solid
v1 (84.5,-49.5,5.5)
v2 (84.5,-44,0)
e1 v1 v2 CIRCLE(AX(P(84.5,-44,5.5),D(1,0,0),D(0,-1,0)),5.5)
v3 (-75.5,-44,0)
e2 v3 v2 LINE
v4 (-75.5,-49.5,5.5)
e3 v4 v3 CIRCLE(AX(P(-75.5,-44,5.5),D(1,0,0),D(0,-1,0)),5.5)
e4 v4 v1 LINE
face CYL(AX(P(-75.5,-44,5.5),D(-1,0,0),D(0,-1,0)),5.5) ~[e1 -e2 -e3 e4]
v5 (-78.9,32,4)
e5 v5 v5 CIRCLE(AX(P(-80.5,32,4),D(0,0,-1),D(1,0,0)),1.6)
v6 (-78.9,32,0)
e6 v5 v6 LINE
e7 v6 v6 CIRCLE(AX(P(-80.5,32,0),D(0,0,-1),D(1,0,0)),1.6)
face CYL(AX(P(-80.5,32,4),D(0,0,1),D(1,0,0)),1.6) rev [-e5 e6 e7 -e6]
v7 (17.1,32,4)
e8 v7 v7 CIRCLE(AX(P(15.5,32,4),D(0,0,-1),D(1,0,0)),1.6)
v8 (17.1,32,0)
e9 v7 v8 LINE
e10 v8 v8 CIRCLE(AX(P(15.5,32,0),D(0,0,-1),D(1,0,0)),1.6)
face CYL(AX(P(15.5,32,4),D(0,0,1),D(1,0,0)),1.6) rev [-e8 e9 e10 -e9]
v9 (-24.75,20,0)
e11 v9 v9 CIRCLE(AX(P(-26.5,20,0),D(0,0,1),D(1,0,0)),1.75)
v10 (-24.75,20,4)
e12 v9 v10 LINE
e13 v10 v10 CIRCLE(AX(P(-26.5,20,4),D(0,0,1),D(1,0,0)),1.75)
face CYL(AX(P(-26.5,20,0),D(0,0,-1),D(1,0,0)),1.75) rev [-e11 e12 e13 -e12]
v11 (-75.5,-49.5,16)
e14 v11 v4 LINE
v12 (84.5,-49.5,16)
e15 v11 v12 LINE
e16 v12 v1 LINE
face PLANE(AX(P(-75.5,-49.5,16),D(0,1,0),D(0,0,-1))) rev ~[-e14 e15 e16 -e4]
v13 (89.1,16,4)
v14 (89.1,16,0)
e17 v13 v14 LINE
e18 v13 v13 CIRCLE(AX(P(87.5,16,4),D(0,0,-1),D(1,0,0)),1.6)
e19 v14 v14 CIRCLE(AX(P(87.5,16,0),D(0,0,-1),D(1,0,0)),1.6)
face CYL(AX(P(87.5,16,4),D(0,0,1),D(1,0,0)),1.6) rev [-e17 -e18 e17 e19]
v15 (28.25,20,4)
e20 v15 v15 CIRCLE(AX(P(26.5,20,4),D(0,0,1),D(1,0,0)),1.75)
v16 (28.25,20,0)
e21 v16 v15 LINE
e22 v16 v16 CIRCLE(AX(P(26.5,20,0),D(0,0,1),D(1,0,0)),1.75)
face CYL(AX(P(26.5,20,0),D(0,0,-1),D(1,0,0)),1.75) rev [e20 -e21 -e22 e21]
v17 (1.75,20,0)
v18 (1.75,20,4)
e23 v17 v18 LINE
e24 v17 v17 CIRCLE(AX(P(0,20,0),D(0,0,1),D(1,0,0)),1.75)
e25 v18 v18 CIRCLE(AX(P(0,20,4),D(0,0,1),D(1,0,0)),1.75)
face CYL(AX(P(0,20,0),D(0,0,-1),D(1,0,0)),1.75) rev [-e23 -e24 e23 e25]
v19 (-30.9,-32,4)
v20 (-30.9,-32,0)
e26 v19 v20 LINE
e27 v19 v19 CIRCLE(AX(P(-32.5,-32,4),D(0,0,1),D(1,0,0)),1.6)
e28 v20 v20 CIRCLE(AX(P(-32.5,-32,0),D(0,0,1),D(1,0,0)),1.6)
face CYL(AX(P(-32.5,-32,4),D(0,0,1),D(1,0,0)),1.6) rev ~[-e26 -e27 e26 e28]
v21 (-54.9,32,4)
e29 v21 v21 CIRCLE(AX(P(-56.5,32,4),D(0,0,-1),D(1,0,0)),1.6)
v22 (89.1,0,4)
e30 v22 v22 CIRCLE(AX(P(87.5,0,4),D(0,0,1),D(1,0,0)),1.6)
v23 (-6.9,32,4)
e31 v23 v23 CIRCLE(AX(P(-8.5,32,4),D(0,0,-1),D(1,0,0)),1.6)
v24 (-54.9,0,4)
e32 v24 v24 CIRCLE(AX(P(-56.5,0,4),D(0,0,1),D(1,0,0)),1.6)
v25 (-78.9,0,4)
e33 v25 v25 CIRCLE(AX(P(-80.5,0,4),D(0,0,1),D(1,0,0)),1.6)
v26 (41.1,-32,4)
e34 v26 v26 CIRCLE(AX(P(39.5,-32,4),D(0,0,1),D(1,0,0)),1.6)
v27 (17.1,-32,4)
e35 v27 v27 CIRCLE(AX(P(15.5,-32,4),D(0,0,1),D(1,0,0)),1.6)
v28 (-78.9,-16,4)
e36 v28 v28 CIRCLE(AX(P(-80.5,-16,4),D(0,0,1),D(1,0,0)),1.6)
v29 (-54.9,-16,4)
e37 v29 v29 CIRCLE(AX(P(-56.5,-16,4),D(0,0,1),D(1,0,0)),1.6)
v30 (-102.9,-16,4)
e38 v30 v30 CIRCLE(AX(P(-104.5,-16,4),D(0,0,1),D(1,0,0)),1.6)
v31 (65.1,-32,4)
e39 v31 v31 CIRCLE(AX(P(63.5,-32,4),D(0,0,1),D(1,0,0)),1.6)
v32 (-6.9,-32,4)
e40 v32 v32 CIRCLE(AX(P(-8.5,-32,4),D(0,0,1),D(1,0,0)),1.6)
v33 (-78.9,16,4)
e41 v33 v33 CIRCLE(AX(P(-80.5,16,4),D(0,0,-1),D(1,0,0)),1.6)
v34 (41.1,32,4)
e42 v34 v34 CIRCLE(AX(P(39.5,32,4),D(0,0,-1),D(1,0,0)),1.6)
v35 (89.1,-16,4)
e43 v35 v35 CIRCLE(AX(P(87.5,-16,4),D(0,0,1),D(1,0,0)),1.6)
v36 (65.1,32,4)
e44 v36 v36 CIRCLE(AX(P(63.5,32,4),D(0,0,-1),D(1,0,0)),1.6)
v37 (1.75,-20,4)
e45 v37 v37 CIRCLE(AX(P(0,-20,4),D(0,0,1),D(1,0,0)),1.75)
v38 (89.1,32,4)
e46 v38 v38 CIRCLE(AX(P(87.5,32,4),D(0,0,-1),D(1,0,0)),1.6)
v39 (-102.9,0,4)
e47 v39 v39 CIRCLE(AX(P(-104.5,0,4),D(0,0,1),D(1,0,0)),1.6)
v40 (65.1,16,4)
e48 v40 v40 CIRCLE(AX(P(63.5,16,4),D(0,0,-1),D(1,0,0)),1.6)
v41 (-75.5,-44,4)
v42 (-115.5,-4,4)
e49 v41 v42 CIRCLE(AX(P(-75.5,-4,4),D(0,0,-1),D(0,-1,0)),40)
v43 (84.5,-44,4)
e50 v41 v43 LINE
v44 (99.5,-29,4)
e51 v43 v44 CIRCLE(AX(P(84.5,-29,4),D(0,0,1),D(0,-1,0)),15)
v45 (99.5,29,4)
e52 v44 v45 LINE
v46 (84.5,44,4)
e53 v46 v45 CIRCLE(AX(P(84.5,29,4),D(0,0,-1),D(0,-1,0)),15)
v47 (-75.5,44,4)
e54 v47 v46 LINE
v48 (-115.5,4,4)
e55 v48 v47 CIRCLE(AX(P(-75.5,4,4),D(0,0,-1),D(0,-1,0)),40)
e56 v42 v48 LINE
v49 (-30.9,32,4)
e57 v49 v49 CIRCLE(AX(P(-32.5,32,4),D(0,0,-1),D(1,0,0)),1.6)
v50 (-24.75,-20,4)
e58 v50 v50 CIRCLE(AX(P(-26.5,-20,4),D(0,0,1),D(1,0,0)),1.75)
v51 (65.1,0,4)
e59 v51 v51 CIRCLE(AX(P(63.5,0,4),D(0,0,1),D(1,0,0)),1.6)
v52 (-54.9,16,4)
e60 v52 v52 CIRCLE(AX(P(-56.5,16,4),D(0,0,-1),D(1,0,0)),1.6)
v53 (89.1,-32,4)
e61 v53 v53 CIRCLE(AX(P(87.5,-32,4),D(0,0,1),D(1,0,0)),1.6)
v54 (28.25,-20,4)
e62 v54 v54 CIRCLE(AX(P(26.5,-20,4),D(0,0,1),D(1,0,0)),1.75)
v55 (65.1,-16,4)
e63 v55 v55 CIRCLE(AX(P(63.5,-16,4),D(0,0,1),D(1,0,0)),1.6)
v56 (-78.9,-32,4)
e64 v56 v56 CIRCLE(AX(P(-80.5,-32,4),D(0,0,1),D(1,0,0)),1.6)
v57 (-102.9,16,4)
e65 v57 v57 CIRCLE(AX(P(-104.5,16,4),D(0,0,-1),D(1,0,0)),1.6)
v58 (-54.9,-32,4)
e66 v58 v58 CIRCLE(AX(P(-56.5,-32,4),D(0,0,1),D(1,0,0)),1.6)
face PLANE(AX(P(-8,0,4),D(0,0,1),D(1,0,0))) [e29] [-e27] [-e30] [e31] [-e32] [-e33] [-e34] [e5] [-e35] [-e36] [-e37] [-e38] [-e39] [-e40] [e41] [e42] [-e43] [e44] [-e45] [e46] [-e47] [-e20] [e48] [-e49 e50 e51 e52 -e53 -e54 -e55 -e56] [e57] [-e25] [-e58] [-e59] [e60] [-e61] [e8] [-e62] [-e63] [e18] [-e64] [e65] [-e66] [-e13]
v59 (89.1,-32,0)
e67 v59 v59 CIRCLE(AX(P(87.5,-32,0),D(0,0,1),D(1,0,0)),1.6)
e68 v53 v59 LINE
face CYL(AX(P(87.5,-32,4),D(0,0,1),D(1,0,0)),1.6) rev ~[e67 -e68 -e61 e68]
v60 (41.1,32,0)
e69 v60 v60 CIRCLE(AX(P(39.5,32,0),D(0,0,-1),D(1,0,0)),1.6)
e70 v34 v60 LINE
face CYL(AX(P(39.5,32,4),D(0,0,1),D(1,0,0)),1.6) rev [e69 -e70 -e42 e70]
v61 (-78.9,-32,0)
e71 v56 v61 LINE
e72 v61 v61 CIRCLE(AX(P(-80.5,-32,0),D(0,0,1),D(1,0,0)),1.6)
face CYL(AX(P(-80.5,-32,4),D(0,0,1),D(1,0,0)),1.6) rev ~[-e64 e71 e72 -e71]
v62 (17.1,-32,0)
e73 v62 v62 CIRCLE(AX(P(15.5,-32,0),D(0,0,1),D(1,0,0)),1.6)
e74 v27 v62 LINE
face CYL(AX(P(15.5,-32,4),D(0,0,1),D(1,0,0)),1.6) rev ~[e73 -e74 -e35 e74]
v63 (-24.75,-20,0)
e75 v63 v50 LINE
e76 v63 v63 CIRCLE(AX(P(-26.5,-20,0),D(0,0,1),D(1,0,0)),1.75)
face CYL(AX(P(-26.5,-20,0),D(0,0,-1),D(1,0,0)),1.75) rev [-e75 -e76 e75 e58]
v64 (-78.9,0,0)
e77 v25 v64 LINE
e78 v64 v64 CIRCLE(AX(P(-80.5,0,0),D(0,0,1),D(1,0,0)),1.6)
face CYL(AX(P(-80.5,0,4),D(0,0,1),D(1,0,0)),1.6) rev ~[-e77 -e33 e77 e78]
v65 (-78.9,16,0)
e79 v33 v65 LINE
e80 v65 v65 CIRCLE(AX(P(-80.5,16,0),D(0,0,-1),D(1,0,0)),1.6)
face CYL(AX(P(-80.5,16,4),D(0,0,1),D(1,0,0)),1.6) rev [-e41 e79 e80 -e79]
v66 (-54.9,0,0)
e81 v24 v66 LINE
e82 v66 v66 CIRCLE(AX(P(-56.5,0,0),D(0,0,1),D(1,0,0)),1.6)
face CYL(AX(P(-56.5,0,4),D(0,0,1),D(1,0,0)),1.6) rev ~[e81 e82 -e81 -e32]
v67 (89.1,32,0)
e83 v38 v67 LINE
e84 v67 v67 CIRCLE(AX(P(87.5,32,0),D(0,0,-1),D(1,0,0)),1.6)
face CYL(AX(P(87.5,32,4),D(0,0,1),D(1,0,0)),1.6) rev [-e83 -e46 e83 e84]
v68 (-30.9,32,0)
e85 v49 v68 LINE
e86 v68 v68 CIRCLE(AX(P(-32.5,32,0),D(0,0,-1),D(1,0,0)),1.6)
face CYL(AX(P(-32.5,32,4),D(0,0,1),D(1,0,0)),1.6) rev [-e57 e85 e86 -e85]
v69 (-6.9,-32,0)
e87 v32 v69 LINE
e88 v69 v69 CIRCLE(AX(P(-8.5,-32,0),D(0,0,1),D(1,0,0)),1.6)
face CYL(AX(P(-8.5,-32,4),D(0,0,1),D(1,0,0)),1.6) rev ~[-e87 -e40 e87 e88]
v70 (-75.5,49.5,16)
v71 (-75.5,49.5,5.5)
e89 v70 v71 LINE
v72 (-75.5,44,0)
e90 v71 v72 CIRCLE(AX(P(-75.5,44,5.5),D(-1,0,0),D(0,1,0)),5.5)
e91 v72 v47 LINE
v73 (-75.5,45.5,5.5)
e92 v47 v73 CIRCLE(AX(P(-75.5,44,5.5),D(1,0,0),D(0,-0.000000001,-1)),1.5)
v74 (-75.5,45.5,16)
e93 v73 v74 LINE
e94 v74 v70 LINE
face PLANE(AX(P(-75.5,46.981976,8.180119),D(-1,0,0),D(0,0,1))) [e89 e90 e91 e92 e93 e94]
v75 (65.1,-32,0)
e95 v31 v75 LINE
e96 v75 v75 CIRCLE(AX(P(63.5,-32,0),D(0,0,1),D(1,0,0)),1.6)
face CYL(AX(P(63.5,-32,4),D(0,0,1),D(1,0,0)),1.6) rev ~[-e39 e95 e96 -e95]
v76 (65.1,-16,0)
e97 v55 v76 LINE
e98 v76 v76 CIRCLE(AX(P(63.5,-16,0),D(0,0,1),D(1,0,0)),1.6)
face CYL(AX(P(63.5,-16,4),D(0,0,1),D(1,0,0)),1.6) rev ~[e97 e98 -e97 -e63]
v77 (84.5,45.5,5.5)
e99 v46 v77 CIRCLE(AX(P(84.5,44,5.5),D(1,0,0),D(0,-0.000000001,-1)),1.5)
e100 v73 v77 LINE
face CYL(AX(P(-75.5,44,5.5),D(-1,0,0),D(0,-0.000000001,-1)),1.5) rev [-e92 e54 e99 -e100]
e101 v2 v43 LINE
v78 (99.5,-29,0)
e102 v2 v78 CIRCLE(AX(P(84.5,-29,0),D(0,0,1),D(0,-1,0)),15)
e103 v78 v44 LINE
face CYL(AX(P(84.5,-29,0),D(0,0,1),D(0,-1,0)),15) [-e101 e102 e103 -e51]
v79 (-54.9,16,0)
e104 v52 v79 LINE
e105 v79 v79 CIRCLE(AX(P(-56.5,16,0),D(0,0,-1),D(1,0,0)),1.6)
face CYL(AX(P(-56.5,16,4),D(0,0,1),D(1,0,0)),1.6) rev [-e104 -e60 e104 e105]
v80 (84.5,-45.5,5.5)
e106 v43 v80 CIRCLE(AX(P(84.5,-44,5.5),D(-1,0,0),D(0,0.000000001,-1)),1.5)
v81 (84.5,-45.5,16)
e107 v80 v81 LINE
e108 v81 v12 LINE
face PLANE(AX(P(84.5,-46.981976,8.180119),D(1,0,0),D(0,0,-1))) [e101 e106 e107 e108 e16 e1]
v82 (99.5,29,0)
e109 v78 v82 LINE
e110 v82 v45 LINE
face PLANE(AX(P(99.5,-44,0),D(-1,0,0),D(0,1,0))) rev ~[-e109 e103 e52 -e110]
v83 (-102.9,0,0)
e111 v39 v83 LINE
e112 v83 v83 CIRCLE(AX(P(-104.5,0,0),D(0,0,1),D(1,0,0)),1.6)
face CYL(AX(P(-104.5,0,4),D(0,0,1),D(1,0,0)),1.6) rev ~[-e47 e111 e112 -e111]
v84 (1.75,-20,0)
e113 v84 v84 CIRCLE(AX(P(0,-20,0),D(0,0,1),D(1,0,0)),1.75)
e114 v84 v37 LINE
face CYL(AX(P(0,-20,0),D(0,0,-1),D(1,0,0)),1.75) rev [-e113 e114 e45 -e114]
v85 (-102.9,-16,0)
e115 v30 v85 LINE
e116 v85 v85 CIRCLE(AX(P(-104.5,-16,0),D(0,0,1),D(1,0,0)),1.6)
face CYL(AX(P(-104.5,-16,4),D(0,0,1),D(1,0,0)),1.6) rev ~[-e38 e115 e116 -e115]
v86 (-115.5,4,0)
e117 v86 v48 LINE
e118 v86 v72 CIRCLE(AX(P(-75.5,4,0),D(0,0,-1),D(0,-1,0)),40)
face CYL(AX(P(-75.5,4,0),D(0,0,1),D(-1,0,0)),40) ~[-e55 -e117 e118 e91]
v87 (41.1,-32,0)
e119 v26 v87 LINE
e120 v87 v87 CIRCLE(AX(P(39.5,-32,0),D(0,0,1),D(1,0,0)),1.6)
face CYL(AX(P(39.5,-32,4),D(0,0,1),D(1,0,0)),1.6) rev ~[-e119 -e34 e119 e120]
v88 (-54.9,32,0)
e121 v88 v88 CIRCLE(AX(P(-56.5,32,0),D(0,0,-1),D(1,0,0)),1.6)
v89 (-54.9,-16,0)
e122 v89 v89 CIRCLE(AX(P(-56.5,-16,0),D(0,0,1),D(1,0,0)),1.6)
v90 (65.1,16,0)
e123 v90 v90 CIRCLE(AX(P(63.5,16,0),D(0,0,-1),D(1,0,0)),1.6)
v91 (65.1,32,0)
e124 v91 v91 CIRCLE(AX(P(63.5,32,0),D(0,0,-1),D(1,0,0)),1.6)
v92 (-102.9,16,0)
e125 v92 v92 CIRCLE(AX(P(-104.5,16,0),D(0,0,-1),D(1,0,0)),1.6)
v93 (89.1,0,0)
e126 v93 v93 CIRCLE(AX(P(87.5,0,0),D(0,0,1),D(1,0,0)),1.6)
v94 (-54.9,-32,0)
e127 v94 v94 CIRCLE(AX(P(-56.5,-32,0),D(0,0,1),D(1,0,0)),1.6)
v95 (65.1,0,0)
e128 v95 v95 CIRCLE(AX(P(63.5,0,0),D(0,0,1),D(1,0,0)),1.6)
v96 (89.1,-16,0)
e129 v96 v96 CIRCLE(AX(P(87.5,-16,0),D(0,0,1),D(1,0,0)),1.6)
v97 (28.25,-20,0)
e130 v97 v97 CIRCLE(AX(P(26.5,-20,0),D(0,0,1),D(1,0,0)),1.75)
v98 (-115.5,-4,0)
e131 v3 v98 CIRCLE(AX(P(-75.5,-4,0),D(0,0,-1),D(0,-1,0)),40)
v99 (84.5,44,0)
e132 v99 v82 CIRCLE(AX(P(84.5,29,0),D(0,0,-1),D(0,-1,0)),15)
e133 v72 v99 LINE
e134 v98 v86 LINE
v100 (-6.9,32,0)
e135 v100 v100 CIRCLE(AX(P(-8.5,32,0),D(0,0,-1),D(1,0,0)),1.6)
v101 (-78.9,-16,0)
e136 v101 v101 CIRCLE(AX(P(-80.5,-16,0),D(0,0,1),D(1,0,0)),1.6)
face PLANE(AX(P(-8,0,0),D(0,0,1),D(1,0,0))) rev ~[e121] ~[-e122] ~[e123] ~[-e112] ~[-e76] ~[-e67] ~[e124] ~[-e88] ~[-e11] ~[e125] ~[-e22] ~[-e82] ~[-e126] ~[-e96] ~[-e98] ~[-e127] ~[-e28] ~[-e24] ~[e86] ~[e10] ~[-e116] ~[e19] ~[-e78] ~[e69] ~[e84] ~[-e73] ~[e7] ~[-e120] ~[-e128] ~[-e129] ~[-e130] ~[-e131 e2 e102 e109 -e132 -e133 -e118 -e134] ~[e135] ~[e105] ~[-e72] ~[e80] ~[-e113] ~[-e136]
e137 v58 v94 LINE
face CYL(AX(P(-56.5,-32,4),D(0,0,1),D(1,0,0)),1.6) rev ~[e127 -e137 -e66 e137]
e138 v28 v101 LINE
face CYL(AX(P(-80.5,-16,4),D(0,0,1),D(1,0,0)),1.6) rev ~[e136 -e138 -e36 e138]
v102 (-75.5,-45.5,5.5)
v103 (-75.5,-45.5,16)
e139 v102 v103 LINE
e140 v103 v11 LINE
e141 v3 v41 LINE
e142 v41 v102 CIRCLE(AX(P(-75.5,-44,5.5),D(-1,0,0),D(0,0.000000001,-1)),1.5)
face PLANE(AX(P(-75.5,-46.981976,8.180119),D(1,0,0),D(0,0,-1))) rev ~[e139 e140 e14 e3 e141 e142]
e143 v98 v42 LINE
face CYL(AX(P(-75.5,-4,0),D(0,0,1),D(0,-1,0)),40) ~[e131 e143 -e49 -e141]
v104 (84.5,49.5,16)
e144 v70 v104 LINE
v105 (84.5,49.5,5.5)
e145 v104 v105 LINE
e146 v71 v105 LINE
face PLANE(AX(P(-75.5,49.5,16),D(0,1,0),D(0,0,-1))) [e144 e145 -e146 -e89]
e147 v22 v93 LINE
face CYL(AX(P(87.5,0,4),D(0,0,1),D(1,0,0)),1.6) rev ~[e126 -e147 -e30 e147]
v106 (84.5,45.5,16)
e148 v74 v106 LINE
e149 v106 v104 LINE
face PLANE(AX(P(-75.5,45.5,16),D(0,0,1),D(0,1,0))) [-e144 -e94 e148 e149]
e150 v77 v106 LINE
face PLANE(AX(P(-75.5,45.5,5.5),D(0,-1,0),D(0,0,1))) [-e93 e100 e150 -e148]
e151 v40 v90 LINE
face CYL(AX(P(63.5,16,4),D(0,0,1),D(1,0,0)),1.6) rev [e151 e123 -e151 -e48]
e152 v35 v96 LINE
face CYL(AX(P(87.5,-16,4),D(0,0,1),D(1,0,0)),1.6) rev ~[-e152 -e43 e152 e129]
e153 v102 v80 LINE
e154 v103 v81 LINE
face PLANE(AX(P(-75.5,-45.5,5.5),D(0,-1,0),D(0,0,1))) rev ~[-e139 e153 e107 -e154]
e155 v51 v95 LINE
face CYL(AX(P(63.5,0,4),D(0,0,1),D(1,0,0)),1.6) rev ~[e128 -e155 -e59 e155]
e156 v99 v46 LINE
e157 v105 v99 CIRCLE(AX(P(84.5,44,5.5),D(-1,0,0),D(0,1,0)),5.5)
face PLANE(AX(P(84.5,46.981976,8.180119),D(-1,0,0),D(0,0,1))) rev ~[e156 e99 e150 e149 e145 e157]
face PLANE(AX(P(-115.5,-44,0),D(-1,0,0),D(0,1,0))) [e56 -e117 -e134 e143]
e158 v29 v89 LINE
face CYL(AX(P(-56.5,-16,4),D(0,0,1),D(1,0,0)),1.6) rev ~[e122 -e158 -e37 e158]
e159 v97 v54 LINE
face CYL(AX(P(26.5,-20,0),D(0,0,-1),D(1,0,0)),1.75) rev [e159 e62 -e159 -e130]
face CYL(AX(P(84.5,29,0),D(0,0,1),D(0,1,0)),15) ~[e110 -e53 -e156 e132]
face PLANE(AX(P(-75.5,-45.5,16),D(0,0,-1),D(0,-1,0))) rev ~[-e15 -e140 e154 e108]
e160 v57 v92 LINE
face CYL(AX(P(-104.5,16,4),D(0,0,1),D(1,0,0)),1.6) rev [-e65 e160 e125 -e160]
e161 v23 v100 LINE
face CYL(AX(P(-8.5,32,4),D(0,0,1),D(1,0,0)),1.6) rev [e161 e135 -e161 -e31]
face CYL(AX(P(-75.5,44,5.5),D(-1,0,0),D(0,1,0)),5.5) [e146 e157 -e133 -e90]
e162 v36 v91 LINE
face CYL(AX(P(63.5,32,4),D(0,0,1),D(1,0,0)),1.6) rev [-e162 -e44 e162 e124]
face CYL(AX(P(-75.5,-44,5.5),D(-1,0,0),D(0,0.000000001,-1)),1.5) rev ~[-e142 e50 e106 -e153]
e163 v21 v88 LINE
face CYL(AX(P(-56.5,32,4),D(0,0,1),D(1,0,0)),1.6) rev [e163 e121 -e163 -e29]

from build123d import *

# Parameters (mm, degrees)
SKETCH1_W           = 215
SKETCH1_H           = 88
SKETCH1_R           = 1.75
BOSS_EXTRUDE1_DEPTH = 4
FILLET1_R           = 15
FILLET2_R           = 40
BOSS_EXTRUDE2_DEPTH = 160
SKETCH3_R           = 1.6
CUT_EXTRUDE1_DEPTH  = 4


with BuildPart() as part:
    # Sketch1 → Boss-Extrude1 (new body)
    with BuildSketch(Plane.XY):
        with Locations((-8, 0)):
            Rectangle(SKETCH1_W, SKETCH1_H)
        with Locations((-26.5, 20)):
            Circle(SKETCH1_R, mode=Mode.SUBTRACT)
        with Locations((26.5, 20)):
            Circle(SKETCH1_R, mode=Mode.SUBTRACT)
        with Locations((-26.5, -20)):
            Circle(SKETCH1_R, mode=Mode.SUBTRACT)
        with Locations((26.5, -20)):
            Circle(SKETCH1_R, mode=Mode.SUBTRACT)
        with Locations((0, 20)):
            Circle(SKETCH1_R, mode=Mode.SUBTRACT)
        with Locations((0, -20)):
            Circle(SKETCH1_R, mode=Mode.SUBTRACT)
    extrude(amount=BOSS_EXTRUDE1_DEPTH)

    # Fillet1
    fillet1_edges = [part.edges().sort_by_distance(p)[0] for p in [
        (99.5, -44, 2),
        (99.5, 44, 2),
    ]]
    fillet(fillet1_edges, radius=FILLET1_R)

    # Fillet2
    fillet2_edges = [part.edges().sort_by_distance(p)[0] for p in [
        (-115.5, -44, 2),
        (-115.5, 44, 2),
    ]]
    fillet(fillet2_edges, radius=FILLET2_R)

    # Sketch2 → Boss-Extrude2 (add)
    with BuildSketch(Plane.ZY.offset(75.5)):
        with BuildLine():
            Line((0, -44), (4, -44))
            ThreePointArc((4, -44), (4.439339828, -45.060660172), (5.5, -45.5))
            Line((5.5, -45.5), (16, -45.5))
            Line((16, -45.5), (16, -49.5))
            Line((16, -49.5), (5.5, -49.5))
            ThreePointArc((5.5, -49.5), (1.610912703, -47.889087297), (0, -44))
        make_face()
        with BuildLine():
            Line((16, 49.5), (5.5, 49.5))
            ThreePointArc((5.5, 49.5), (1.610912703, 47.889087297), (0, 44))
            Line((0, 44), (4, 44))
            ThreePointArc((4, 44), (4.439339828, 45.060660172), (5.5, 45.5))
            Line((5.5, 45.5), (16, 45.5))
            Line((16, 45.5), (16, 49.5))
        make_face()
    extrude(amount=-BOSS_EXTRUDE2_DEPTH)

    # Sketch3 → Cut-Extrude1 (cut)
    with BuildSketch(Plane.XY.offset(4)):
        with Locations((63.5, -32)):
            Circle(SKETCH3_R)
        with Locations((39.5, -32)):
            Circle(SKETCH3_R)
        with Locations((15.5, -32)):
            Circle(SKETCH3_R)
        with Locations((87.5, -32)):
            Circle(SKETCH3_R)
        with Locations((87.5, -16)):
            Circle(SKETCH3_R)
        with Locations((-8.5, -32)):
            Circle(SKETCH3_R)
        with Locations((-32.5, -32)):
            Circle(SKETCH3_R)
        with Locations((-56.5, -32)):
            Circle(SKETCH3_R)
        with Locations((-80.5, -32)):
            Circle(SKETCH3_R)
        with Locations((87.5, 0)):
            Circle(SKETCH3_R)
        with Locations((63.5, -16)):
            Circle(SKETCH3_R)
        with Locations((63.5, 0)):
            Circle(SKETCH3_R)
        with Locations((-56.5, -16)):
            Circle(SKETCH3_R)
        with Locations((-80.5, -16)):
            Circle(SKETCH3_R)
        with Locations((-104.5, -16)):
            Circle(SKETCH3_R)
        with Locations((-56.5, 0)):
            Circle(SKETCH3_R)
        with Locations((-80.5, 0)):
            Circle(SKETCH3_R)
        with Locations((-104.5, 0)):
            Circle(SKETCH3_R)
    cut_extrude1 = extrude(amount=-CUT_EXTRUDE1_DEPTH, mode=Mode.SUBTRACT)

    # Mirror5: Cut-Extrude1 across plane
    add(cut_extrude1.mirror(Plane.ZX), mode=Mode.SUBTRACT)


solid = part.part
